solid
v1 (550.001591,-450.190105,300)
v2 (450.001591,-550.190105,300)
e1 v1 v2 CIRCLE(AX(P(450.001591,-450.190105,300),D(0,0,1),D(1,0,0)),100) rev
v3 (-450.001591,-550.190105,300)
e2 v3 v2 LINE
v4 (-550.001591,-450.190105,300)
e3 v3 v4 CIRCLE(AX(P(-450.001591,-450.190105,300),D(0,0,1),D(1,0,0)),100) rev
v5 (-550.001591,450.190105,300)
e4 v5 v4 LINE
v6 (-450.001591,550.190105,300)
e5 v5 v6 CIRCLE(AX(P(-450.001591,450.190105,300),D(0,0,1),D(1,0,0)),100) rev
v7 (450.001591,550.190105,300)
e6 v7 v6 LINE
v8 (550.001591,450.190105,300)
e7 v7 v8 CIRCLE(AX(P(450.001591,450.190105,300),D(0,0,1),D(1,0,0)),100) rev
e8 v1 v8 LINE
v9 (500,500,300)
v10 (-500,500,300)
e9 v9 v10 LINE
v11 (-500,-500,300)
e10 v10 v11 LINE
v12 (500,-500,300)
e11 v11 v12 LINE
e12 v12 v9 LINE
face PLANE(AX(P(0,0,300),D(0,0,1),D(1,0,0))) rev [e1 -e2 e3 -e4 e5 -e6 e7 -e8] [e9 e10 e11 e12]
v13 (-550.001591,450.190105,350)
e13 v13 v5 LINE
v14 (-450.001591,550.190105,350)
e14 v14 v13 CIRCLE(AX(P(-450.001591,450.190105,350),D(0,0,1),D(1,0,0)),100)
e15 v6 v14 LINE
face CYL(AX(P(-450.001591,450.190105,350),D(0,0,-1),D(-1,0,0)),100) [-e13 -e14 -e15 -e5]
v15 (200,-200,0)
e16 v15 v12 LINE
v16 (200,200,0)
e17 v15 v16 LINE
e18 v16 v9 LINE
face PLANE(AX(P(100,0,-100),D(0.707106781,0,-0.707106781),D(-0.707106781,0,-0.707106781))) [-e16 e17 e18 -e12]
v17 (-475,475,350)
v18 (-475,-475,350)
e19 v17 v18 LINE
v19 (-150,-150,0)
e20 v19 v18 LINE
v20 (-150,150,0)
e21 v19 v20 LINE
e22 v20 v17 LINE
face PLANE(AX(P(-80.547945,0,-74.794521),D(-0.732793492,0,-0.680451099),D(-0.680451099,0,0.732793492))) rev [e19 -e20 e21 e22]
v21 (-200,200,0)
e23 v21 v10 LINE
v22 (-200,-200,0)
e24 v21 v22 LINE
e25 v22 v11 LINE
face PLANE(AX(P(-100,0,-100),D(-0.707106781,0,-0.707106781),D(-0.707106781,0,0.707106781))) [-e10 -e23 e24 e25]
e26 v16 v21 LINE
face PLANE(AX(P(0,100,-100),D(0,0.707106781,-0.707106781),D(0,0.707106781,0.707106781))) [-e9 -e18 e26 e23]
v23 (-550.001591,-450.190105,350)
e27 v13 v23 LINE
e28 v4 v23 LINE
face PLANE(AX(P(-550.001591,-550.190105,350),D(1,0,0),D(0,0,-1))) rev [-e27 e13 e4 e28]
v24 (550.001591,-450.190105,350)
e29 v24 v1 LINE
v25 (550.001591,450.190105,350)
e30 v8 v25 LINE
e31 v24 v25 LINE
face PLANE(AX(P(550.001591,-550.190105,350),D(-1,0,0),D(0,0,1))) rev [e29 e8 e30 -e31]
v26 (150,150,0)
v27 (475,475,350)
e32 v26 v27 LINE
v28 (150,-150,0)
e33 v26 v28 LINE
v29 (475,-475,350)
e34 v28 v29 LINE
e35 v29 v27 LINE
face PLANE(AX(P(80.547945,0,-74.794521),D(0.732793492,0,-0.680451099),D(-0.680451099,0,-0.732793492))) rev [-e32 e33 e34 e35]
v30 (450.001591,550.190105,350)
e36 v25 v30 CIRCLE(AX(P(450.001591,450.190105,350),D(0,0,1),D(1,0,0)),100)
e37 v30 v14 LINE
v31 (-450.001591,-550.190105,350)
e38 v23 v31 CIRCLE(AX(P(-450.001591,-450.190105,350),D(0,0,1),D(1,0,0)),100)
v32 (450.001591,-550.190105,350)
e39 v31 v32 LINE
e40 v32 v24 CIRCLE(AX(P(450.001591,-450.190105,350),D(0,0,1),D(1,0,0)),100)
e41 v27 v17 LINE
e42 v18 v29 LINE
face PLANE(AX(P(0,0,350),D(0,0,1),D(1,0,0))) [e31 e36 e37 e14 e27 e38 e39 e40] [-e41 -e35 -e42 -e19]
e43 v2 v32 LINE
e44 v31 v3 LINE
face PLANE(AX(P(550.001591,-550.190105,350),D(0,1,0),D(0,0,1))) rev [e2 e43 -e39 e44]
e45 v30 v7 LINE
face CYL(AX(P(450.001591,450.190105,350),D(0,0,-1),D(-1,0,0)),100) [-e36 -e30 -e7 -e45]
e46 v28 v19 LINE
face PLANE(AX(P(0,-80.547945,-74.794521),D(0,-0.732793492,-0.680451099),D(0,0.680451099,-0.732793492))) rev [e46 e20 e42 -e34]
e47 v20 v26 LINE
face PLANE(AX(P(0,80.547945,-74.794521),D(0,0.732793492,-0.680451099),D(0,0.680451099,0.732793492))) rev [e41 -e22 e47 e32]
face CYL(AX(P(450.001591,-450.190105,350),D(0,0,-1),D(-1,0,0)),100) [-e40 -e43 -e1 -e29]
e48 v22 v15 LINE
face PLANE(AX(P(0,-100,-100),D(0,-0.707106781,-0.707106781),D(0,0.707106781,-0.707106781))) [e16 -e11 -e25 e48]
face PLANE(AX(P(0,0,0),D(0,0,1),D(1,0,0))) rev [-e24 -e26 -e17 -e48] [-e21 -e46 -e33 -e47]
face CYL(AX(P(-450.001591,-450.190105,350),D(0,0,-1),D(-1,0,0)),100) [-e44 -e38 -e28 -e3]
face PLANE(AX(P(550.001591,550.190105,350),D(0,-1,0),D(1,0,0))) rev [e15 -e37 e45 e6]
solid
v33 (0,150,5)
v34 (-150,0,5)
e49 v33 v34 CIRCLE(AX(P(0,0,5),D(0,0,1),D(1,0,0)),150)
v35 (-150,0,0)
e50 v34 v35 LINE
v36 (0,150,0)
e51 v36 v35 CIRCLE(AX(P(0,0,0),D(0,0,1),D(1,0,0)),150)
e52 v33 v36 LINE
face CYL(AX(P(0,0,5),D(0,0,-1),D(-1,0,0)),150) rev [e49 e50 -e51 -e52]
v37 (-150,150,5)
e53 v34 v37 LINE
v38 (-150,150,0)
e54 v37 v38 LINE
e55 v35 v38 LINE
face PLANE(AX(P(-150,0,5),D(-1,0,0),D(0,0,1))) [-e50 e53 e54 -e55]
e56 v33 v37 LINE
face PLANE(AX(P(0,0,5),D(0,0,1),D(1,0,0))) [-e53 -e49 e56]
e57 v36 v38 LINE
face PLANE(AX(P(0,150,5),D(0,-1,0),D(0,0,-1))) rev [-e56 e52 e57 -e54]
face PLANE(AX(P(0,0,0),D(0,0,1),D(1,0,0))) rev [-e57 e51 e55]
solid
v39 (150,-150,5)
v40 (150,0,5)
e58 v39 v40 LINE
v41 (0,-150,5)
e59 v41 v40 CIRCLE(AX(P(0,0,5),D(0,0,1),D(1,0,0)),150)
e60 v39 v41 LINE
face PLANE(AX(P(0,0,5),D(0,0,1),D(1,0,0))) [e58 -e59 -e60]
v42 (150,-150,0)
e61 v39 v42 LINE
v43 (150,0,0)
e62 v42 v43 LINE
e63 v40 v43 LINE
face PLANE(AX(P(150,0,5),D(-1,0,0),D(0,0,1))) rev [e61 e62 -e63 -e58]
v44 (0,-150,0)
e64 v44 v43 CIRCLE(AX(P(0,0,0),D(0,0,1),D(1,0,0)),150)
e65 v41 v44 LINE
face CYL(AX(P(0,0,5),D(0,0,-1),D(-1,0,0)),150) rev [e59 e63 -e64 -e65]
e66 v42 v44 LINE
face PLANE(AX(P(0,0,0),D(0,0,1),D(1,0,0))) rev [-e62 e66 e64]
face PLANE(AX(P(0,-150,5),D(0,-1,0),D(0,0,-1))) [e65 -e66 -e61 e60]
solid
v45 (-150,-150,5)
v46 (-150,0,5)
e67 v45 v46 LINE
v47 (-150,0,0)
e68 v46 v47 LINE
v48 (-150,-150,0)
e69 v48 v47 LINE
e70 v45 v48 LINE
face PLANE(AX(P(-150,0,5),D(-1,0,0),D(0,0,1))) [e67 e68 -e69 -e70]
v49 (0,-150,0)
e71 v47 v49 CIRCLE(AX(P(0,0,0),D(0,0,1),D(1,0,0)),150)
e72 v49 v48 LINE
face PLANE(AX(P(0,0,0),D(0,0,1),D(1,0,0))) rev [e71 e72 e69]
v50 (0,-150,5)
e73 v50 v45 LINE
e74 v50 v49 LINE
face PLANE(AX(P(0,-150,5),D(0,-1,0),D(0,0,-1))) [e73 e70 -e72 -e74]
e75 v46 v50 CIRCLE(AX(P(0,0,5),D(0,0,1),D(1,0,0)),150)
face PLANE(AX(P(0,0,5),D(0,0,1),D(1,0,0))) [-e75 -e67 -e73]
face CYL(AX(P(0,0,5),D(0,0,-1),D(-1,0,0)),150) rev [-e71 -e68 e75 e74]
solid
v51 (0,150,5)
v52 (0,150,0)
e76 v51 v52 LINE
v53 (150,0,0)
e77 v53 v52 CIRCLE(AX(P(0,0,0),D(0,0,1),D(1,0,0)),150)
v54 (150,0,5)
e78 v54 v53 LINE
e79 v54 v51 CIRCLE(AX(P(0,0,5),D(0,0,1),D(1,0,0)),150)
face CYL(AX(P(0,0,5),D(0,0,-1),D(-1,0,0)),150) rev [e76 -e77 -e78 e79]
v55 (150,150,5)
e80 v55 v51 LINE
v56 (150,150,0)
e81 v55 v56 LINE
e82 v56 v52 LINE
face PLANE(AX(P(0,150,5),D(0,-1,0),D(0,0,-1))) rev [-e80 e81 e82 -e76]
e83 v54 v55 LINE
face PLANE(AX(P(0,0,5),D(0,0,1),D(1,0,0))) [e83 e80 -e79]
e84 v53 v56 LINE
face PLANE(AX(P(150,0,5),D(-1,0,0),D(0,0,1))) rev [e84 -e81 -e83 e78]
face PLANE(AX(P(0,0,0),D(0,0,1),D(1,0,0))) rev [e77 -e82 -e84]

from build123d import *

# Parameters (mm, degrees)
SKETCH_3_W        = 1100.003182852
SKETCH_3_H        = 1100.38021032
EXTRUDE_1_DEPTH   = 50
FILLET_1_R        = 100
FILLET_3_R        = 100
FILLET_4_R        = 100
FILLET_5_R        = 100
EXTRUDE_2_DEPTH   = 5
EXTRUDE_2_2_DEPTH = 5
EXTRUDE_2_3_DEPTH = 5
EXTRUDE_2_4_DEPTH = 5


with BuildPart() as part:
    # 스케치1 → Loft 1 section 0
    with BuildSketch(Plane.XY):
        with BuildLine():
            Line((200, -200), (-200, -200))
            Line((-200, -200), (-200, 200))
            Line((-200, 200), (200, 200))
            Line((200, 200), (200, -200))
        make_face()
    # 스케치2 → Loft 1 section 1
    with BuildSketch(Plane.XY.offset(300)):
        with BuildLine():
            Line((500, -500), (-500, -500))
            Line((-500, -500), (-500, 500))
            Line((-500, 500), (500, 500))
            Line((500, 500), (500, -500))
        make_face()
    loft()

    # 스케치3 → 보스-돌출1 (add)
    with BuildSketch(Plane.XY.offset(300)):
        Rectangle(SKETCH_3_W, SKETCH_3_H)
    extrude(amount=EXTRUDE_1_DEPTH)

    # 필렛1
    fillet_1_edges = [part.edges().sort_by_distance(p)[0] for p in [
        (-550.001591426, -550.19010516, 325),
    ]]
    fillet(fillet_1_edges, radius=FILLET_1_R)

    # 필렛3
    fillet_3_edges = [part.edges().sort_by_distance(p)[0] for p in [
        (550.001591426, -550.19010516, 325),
    ]]
    fillet(fillet_3_edges, radius=FILLET_3_R)

    # 필렛4
    fillet_4_edges = [part.edges().sort_by_distance(p)[0] for p in [
        (-550.001591426, 550.19010516, 325),
    ]]
    fillet(fillet_4_edges, radius=FILLET_4_R)

    # 필렛5
    fillet_5_edges = [part.edges().sort_by_distance(p)[0] for p in [
        (550.001591426, 550.19010516, 325),
    ]]
    fillet(fillet_5_edges, radius=FILLET_5_R)

    # 스케치5 → Loft 1 2 section 0
    with BuildSketch(Plane(origin=(0, 0, 0), x_dir=(-1, 0, 0), z_dir=(0, 0, -1))):
        with BuildLine():
            Line((150, -150), (-150, -150))
            Line((-150, -150), (-150, 150))
            Line((-150, 150), (150, 150))
            Line((150, 150), (150, -150))
        make_face()
    # 스케치4 → Loft 1 2 section 1
    with BuildSketch(Plane.XY.offset(350)):
        with BuildLine():
            Line((475, -475), (-475, -475))
            Line((-475, -475), (-475, 475))
            Line((-475, 475), (475, 475))
            Line((475, 475), (475, -475))
        make_face()
    loft(mode=Mode.SUBTRACT)


with BuildPart() as body_2:
    # 스케치6 → 보스-돌출2 (new body)
    with BuildSketch(Plane.XY):
        with BuildLine():
            Line((-150, 150), (-150, 2.07e-07))
            ThreePointArc((-150, 2.07e-07), (-106.066017068, 106.066017288), (1.03e-07, 150))
            Line((1.03e-07, 150), (-150, 150))
        make_face()
    extrude(amount=EXTRUDE_2_DEPTH)


with BuildPart() as body_3:
    # 스케치6 → Extrude 2 2 (new body)
    with BuildSketch(Plane.XY):
        with BuildLine():
            Line((-150, -150), (-3.1e-07, -150))
            ThreePointArc((-3.1e-07, -150), (-106.066017361, -106.066016995), (-150, 2.07e-07))
            Line((-150, 2.07e-07), (-150, -150))
        make_face()
    extrude(amount=EXTRUDE_2_2_DEPTH)


with BuildPart() as body_4:
    # 스케치6 → Extrude 2 3 (new body)
    with BuildSketch(Plane.XY):
        with BuildLine():
            ThreePointArc((1.03e-07, 150), (106.066017215, 106.066017141), (150, 0))
            Line((150, 0), (150, 150))
            Line((150, 150), (1.03e-07, 150))
        make_face()
    extrude(amount=EXTRUDE_2_3_DEPTH)


with BuildPart() as body_5:
    # 스케치6 → Extrude 2 4 (new body)
    with BuildSketch(Plane.XY):
        with BuildLine():
            Line((-3.1e-07, -150), (150, -150))
            Line((150, -150), (150, 0))
            ThreePointArc((150, 0), (106.066017068, -106.066017288), (-3.1e-07, -150))
        make_face()
    extrude(amount=EXTRUDE_2_4_DEPTH)


solid = Compound([part.part, body_2.part, body_3.part, body_4.part, body_5.part])
